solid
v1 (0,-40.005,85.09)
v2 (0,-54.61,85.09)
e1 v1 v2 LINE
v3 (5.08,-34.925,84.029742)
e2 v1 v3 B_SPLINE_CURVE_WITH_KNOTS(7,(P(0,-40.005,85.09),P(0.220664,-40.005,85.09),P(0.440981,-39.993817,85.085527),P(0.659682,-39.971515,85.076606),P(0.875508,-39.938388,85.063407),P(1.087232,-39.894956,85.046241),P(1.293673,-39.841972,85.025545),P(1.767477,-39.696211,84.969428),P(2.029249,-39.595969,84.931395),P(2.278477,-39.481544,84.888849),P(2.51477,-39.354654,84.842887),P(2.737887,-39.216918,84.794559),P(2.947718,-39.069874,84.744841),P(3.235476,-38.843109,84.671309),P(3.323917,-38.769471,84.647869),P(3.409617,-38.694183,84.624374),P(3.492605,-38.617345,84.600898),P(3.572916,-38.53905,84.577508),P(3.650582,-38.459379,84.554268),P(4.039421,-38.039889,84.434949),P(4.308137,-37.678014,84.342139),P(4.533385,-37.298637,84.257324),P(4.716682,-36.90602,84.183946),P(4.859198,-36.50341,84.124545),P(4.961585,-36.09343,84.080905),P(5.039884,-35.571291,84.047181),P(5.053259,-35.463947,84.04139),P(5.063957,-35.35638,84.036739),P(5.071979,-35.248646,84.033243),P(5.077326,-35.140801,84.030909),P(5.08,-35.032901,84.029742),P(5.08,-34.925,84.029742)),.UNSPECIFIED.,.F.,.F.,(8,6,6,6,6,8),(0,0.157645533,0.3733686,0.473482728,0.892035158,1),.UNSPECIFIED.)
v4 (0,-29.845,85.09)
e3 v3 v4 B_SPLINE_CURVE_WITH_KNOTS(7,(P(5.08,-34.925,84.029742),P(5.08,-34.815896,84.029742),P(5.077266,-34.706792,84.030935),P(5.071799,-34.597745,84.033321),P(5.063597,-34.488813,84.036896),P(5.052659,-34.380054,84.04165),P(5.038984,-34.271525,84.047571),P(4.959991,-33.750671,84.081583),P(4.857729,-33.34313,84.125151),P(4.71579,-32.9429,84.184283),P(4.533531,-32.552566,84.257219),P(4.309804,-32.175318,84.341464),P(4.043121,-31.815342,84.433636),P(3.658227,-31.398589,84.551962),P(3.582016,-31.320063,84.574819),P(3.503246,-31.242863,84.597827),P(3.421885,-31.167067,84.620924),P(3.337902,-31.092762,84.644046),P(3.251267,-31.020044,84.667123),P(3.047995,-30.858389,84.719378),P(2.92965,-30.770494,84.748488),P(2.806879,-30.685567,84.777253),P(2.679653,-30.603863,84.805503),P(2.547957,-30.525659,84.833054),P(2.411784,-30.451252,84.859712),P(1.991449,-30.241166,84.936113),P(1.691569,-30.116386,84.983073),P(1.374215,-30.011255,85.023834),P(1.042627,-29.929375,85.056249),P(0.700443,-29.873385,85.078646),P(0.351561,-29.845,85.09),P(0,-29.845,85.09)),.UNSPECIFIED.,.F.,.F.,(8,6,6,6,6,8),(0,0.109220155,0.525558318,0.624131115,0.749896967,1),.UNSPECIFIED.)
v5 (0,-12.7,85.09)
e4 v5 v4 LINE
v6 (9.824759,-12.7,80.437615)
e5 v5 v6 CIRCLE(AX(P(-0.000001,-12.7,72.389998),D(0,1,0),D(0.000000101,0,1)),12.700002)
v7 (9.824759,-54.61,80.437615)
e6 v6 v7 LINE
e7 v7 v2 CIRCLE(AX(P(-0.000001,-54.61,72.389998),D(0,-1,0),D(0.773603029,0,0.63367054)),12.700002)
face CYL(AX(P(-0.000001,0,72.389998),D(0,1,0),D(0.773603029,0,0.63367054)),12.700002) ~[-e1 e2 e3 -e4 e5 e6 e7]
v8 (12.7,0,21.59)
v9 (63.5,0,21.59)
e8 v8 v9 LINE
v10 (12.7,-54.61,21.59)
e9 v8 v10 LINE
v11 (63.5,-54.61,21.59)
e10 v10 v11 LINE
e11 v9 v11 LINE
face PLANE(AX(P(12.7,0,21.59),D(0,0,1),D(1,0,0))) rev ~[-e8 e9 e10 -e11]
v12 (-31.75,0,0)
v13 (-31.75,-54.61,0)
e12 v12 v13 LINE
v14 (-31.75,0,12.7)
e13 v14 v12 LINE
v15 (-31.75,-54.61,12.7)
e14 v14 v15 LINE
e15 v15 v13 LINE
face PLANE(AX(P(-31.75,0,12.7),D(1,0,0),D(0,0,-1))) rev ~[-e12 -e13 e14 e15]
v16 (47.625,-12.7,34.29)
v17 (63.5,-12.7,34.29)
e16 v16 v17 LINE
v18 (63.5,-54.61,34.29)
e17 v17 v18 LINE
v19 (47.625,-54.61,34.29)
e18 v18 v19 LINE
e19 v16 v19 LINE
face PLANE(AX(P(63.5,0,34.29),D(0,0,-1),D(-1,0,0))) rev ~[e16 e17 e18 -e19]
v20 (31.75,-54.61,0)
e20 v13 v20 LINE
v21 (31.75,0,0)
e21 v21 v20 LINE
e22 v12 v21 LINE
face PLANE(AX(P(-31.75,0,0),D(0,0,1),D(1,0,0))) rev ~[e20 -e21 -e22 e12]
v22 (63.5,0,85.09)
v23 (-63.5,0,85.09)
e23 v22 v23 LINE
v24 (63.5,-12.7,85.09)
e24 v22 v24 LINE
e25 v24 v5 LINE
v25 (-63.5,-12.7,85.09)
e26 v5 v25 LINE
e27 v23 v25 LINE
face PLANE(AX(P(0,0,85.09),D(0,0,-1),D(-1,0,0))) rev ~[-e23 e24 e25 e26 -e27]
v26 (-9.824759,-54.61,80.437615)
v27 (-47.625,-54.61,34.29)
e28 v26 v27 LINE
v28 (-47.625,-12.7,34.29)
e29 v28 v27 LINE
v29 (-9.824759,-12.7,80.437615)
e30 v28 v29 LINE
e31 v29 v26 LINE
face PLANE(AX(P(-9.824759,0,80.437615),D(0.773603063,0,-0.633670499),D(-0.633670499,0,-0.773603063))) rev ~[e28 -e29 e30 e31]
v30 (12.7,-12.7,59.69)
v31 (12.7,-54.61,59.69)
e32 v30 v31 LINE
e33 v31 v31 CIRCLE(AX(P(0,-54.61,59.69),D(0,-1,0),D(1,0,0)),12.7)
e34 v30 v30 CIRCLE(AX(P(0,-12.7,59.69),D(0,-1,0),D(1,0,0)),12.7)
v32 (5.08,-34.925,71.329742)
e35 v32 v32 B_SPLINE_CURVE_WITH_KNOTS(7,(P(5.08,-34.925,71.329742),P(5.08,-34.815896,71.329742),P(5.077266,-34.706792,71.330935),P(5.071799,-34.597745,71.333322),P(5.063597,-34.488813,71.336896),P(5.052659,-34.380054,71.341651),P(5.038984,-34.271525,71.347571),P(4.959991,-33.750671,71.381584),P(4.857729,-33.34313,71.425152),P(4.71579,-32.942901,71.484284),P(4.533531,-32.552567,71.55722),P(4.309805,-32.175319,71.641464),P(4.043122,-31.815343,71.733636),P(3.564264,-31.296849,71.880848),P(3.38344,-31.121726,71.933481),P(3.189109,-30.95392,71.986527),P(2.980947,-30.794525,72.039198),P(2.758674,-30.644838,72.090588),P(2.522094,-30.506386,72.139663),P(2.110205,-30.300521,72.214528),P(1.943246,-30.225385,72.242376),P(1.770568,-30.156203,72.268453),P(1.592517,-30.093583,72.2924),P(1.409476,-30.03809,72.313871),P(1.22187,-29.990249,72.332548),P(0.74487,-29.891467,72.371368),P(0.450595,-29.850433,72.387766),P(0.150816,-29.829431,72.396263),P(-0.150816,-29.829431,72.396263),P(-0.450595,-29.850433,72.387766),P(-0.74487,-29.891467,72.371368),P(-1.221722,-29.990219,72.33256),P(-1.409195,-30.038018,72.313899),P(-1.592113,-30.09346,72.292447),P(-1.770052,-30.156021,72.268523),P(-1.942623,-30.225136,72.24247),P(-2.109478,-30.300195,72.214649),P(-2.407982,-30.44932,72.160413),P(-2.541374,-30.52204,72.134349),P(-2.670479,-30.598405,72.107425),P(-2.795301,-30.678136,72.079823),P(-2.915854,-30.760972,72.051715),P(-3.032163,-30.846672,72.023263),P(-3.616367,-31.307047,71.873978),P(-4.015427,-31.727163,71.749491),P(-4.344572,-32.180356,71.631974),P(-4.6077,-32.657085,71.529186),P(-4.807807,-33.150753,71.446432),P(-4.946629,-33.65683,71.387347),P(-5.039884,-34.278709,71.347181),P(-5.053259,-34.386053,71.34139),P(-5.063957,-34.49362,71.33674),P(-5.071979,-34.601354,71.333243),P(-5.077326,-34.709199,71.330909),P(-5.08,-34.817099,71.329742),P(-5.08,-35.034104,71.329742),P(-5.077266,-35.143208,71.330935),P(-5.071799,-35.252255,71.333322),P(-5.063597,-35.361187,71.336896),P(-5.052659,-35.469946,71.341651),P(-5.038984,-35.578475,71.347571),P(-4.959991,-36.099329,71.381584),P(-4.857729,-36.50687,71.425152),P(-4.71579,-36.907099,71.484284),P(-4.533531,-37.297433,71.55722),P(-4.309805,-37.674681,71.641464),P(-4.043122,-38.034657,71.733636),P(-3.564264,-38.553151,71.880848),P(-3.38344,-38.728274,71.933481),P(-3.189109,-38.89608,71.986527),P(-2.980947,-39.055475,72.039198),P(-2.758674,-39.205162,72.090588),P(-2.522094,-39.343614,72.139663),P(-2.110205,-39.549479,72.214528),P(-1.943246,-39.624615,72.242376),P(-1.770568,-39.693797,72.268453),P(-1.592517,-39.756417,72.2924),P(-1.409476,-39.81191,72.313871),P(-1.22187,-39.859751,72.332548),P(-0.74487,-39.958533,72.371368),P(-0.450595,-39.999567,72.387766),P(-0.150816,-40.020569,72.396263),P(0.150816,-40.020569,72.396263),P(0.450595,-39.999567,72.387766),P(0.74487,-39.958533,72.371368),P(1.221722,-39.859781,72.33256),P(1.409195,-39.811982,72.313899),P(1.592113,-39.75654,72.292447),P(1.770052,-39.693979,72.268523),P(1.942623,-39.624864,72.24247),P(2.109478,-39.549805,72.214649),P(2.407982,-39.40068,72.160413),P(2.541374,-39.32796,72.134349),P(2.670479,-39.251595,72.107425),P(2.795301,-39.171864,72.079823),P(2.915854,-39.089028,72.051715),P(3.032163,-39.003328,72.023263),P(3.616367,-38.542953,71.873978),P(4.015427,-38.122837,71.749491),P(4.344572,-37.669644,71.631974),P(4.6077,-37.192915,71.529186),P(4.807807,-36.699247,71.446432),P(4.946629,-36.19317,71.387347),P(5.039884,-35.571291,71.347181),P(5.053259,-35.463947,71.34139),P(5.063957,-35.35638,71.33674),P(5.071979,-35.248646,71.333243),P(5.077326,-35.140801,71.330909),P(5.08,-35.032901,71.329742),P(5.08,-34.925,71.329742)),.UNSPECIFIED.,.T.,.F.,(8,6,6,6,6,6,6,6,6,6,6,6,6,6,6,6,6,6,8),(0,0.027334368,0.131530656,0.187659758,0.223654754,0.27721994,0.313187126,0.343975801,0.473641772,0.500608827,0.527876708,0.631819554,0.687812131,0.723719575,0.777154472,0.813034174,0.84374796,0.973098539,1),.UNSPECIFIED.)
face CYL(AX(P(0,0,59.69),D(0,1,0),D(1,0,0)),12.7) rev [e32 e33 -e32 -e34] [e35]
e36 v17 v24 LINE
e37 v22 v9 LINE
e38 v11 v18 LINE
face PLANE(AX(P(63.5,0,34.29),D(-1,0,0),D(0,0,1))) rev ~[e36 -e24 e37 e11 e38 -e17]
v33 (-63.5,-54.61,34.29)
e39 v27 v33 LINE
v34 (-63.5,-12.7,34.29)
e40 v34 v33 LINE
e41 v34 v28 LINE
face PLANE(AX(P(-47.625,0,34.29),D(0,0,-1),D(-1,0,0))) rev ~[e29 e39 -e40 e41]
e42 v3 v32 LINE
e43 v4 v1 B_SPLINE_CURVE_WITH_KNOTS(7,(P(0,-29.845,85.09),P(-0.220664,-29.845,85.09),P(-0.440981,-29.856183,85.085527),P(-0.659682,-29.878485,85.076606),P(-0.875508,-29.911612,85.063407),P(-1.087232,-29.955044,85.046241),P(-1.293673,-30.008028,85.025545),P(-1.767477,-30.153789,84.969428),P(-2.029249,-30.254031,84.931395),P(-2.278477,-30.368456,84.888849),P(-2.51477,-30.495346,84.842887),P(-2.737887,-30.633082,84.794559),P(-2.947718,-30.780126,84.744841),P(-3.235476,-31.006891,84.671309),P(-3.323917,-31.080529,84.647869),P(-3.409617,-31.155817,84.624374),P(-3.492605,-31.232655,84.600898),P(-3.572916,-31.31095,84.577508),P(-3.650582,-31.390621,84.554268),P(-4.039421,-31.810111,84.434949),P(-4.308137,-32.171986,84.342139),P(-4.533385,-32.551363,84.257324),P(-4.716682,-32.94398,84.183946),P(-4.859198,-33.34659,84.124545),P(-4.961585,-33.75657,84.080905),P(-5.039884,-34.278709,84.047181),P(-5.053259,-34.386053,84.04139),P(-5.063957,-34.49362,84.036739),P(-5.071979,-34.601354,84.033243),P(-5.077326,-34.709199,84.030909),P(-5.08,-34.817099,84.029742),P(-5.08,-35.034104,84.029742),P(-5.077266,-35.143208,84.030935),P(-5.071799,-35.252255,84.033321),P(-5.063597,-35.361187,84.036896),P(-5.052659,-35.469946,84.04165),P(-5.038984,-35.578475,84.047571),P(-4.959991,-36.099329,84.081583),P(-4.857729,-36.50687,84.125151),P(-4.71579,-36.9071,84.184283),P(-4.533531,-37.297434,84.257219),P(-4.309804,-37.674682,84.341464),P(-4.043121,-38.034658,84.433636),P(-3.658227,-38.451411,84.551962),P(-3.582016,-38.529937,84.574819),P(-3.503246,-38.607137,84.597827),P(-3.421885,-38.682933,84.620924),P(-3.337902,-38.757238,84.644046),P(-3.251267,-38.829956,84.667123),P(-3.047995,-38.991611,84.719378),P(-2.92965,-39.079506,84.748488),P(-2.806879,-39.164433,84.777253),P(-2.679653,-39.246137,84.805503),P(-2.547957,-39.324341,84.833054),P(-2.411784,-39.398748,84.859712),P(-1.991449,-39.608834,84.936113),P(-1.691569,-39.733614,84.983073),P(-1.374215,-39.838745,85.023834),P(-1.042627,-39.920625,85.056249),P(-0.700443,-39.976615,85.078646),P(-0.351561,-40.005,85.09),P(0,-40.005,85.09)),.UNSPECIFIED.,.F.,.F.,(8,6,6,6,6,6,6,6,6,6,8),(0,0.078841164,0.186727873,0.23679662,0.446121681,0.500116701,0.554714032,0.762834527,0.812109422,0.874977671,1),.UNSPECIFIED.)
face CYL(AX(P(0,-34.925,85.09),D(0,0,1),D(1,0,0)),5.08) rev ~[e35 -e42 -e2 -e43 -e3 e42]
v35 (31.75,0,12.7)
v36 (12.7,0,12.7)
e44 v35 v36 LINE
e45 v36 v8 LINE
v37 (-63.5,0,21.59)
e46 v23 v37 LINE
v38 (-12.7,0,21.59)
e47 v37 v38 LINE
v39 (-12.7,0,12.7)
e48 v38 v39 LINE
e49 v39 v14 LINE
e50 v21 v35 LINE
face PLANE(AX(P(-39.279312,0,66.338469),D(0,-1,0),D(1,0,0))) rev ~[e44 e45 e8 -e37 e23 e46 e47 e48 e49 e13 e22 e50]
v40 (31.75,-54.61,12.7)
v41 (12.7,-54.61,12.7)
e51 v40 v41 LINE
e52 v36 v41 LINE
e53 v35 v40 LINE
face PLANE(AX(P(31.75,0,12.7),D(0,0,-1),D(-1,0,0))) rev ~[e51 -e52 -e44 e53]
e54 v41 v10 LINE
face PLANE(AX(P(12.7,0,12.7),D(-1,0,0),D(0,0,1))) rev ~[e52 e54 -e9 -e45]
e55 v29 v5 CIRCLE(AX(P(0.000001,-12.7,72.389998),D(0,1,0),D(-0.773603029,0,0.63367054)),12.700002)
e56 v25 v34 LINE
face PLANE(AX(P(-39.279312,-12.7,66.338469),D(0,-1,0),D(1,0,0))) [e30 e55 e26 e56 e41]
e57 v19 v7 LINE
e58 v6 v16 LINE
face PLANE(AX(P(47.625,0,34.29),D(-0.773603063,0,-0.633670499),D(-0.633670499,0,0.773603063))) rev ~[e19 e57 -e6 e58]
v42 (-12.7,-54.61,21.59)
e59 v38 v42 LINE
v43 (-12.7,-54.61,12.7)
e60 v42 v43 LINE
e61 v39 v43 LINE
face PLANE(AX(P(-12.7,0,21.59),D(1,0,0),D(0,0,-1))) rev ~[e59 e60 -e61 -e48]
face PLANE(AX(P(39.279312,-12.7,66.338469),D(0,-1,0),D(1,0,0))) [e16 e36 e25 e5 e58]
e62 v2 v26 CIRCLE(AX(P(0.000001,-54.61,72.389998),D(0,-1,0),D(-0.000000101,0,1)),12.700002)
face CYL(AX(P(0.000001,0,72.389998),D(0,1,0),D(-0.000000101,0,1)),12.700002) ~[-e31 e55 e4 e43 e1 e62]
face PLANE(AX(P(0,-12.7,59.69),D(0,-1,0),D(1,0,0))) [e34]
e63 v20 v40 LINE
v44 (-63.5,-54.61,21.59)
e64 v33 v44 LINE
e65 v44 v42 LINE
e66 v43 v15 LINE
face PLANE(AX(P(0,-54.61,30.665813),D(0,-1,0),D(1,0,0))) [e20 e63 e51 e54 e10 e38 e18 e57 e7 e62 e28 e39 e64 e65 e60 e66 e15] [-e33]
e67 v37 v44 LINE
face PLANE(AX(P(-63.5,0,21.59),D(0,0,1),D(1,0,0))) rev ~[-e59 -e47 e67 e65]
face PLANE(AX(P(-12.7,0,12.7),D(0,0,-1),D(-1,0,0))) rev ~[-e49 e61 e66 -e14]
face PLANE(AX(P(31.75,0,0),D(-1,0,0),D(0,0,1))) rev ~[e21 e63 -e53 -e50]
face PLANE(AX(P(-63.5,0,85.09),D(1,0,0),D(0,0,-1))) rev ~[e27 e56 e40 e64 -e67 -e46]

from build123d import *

# Parameters (mm, degrees)
F0_R     = 12.7
F1_DEPTH = 54.61
F2_DEPTH = 12.7
F3_DEPTH = 12.7
F4_R     = 5.08
F5_DEPTH = 19.05


with BuildPart() as f1:
    # F0 (on Front) → F1 (new body)
    with BuildSketch(Plane.XZ):
        with BuildLine():
            Line((-31.75, 0), (0, 0))
            Line((0, 0), (31.75, 0))
            Line((31.75, 0), (31.75, 12.7))
            Line((31.75, 12.7), (12.7, 12.7))
            Line((12.7, 12.7), (12.7, 21.59))
            Line((12.7, 21.59), (63.5, 21.59))
            Line((63.5, 21.59), (63.5, 34.29))
            Line((63.5, 34.29), (47.625, 34.29))
            Line((47.625, 34.29), (9.824759, 80.437615))
            ThreePointArc((9.824759, 80.437615), (5.435314, 83.868125), (0, 85.09))
            ThreePointArc((0, 85.09), (-5.435314, 83.868125), (-9.824759, 80.437615))
            Line((-9.824759, 80.437615), (-47.625, 34.29))
            Line((-47.625, 34.29), (-63.5, 34.29))
            Line((-63.5, 34.29), (-63.5, 21.59))
            Line((-63.5, 21.59), (-12.7, 21.59))
            Line((-12.7, 21.59), (-12.7, 12.7))
            Line((-12.7, 12.7), (-31.75, 12.7))
            Line((-31.75, 12.7), (-31.75, 0))
        make_face()
        with Locations((0, 59.69)):
            Circle(F0_R, mode=Mode.SUBTRACT)
    extrude(amount=F1_DEPTH)

    # F0 (on Front) → F2 (join)
    with BuildSketch(Plane.XZ):
        with Locations((0, 59.69)):
            Circle(F0_R)
    extrude(amount=F2_DEPTH)

    # F0 (on Front) → F3 (join)
    with BuildSketch(Plane.XZ):
        with BuildLine():
            Line((-63.5, 85.09), (-63.5, 34.29))
            Line((-63.5, 34.29), (-47.625, 34.29))
            Line((-47.625, 34.29), (-9.824759, 80.437615))
            ThreePointArc((-9.824759, 80.437615), (-5.435314, 83.868125), (0, 85.09))
            Line((0, 85.09), (-63.5, 85.09))
        make_face()
        with BuildLine():
            Line((47.625, 34.29), (63.5, 34.29))
            Line((63.5, 34.29), (63.5, 85.09))
            Line((63.5, 85.09), (0, 85.09))
            ThreePointArc((0, 85.09), (5.435314, 83.868125), (9.824759, 80.437615))
            Line((9.824759, 80.437615), (47.625, 34.29))
        make_face()
    extrude(amount=F3_DEPTH)

    # F4 (on face) → F5 (cut)
    with BuildSketch(Plane.XY.offset(85.09)):
        with Locations((0, -34.925)):
            Circle(F4_R)
    extrude(amount=-F5_DEPTH, mode=Mode.SUBTRACT)


solid = f1.part
